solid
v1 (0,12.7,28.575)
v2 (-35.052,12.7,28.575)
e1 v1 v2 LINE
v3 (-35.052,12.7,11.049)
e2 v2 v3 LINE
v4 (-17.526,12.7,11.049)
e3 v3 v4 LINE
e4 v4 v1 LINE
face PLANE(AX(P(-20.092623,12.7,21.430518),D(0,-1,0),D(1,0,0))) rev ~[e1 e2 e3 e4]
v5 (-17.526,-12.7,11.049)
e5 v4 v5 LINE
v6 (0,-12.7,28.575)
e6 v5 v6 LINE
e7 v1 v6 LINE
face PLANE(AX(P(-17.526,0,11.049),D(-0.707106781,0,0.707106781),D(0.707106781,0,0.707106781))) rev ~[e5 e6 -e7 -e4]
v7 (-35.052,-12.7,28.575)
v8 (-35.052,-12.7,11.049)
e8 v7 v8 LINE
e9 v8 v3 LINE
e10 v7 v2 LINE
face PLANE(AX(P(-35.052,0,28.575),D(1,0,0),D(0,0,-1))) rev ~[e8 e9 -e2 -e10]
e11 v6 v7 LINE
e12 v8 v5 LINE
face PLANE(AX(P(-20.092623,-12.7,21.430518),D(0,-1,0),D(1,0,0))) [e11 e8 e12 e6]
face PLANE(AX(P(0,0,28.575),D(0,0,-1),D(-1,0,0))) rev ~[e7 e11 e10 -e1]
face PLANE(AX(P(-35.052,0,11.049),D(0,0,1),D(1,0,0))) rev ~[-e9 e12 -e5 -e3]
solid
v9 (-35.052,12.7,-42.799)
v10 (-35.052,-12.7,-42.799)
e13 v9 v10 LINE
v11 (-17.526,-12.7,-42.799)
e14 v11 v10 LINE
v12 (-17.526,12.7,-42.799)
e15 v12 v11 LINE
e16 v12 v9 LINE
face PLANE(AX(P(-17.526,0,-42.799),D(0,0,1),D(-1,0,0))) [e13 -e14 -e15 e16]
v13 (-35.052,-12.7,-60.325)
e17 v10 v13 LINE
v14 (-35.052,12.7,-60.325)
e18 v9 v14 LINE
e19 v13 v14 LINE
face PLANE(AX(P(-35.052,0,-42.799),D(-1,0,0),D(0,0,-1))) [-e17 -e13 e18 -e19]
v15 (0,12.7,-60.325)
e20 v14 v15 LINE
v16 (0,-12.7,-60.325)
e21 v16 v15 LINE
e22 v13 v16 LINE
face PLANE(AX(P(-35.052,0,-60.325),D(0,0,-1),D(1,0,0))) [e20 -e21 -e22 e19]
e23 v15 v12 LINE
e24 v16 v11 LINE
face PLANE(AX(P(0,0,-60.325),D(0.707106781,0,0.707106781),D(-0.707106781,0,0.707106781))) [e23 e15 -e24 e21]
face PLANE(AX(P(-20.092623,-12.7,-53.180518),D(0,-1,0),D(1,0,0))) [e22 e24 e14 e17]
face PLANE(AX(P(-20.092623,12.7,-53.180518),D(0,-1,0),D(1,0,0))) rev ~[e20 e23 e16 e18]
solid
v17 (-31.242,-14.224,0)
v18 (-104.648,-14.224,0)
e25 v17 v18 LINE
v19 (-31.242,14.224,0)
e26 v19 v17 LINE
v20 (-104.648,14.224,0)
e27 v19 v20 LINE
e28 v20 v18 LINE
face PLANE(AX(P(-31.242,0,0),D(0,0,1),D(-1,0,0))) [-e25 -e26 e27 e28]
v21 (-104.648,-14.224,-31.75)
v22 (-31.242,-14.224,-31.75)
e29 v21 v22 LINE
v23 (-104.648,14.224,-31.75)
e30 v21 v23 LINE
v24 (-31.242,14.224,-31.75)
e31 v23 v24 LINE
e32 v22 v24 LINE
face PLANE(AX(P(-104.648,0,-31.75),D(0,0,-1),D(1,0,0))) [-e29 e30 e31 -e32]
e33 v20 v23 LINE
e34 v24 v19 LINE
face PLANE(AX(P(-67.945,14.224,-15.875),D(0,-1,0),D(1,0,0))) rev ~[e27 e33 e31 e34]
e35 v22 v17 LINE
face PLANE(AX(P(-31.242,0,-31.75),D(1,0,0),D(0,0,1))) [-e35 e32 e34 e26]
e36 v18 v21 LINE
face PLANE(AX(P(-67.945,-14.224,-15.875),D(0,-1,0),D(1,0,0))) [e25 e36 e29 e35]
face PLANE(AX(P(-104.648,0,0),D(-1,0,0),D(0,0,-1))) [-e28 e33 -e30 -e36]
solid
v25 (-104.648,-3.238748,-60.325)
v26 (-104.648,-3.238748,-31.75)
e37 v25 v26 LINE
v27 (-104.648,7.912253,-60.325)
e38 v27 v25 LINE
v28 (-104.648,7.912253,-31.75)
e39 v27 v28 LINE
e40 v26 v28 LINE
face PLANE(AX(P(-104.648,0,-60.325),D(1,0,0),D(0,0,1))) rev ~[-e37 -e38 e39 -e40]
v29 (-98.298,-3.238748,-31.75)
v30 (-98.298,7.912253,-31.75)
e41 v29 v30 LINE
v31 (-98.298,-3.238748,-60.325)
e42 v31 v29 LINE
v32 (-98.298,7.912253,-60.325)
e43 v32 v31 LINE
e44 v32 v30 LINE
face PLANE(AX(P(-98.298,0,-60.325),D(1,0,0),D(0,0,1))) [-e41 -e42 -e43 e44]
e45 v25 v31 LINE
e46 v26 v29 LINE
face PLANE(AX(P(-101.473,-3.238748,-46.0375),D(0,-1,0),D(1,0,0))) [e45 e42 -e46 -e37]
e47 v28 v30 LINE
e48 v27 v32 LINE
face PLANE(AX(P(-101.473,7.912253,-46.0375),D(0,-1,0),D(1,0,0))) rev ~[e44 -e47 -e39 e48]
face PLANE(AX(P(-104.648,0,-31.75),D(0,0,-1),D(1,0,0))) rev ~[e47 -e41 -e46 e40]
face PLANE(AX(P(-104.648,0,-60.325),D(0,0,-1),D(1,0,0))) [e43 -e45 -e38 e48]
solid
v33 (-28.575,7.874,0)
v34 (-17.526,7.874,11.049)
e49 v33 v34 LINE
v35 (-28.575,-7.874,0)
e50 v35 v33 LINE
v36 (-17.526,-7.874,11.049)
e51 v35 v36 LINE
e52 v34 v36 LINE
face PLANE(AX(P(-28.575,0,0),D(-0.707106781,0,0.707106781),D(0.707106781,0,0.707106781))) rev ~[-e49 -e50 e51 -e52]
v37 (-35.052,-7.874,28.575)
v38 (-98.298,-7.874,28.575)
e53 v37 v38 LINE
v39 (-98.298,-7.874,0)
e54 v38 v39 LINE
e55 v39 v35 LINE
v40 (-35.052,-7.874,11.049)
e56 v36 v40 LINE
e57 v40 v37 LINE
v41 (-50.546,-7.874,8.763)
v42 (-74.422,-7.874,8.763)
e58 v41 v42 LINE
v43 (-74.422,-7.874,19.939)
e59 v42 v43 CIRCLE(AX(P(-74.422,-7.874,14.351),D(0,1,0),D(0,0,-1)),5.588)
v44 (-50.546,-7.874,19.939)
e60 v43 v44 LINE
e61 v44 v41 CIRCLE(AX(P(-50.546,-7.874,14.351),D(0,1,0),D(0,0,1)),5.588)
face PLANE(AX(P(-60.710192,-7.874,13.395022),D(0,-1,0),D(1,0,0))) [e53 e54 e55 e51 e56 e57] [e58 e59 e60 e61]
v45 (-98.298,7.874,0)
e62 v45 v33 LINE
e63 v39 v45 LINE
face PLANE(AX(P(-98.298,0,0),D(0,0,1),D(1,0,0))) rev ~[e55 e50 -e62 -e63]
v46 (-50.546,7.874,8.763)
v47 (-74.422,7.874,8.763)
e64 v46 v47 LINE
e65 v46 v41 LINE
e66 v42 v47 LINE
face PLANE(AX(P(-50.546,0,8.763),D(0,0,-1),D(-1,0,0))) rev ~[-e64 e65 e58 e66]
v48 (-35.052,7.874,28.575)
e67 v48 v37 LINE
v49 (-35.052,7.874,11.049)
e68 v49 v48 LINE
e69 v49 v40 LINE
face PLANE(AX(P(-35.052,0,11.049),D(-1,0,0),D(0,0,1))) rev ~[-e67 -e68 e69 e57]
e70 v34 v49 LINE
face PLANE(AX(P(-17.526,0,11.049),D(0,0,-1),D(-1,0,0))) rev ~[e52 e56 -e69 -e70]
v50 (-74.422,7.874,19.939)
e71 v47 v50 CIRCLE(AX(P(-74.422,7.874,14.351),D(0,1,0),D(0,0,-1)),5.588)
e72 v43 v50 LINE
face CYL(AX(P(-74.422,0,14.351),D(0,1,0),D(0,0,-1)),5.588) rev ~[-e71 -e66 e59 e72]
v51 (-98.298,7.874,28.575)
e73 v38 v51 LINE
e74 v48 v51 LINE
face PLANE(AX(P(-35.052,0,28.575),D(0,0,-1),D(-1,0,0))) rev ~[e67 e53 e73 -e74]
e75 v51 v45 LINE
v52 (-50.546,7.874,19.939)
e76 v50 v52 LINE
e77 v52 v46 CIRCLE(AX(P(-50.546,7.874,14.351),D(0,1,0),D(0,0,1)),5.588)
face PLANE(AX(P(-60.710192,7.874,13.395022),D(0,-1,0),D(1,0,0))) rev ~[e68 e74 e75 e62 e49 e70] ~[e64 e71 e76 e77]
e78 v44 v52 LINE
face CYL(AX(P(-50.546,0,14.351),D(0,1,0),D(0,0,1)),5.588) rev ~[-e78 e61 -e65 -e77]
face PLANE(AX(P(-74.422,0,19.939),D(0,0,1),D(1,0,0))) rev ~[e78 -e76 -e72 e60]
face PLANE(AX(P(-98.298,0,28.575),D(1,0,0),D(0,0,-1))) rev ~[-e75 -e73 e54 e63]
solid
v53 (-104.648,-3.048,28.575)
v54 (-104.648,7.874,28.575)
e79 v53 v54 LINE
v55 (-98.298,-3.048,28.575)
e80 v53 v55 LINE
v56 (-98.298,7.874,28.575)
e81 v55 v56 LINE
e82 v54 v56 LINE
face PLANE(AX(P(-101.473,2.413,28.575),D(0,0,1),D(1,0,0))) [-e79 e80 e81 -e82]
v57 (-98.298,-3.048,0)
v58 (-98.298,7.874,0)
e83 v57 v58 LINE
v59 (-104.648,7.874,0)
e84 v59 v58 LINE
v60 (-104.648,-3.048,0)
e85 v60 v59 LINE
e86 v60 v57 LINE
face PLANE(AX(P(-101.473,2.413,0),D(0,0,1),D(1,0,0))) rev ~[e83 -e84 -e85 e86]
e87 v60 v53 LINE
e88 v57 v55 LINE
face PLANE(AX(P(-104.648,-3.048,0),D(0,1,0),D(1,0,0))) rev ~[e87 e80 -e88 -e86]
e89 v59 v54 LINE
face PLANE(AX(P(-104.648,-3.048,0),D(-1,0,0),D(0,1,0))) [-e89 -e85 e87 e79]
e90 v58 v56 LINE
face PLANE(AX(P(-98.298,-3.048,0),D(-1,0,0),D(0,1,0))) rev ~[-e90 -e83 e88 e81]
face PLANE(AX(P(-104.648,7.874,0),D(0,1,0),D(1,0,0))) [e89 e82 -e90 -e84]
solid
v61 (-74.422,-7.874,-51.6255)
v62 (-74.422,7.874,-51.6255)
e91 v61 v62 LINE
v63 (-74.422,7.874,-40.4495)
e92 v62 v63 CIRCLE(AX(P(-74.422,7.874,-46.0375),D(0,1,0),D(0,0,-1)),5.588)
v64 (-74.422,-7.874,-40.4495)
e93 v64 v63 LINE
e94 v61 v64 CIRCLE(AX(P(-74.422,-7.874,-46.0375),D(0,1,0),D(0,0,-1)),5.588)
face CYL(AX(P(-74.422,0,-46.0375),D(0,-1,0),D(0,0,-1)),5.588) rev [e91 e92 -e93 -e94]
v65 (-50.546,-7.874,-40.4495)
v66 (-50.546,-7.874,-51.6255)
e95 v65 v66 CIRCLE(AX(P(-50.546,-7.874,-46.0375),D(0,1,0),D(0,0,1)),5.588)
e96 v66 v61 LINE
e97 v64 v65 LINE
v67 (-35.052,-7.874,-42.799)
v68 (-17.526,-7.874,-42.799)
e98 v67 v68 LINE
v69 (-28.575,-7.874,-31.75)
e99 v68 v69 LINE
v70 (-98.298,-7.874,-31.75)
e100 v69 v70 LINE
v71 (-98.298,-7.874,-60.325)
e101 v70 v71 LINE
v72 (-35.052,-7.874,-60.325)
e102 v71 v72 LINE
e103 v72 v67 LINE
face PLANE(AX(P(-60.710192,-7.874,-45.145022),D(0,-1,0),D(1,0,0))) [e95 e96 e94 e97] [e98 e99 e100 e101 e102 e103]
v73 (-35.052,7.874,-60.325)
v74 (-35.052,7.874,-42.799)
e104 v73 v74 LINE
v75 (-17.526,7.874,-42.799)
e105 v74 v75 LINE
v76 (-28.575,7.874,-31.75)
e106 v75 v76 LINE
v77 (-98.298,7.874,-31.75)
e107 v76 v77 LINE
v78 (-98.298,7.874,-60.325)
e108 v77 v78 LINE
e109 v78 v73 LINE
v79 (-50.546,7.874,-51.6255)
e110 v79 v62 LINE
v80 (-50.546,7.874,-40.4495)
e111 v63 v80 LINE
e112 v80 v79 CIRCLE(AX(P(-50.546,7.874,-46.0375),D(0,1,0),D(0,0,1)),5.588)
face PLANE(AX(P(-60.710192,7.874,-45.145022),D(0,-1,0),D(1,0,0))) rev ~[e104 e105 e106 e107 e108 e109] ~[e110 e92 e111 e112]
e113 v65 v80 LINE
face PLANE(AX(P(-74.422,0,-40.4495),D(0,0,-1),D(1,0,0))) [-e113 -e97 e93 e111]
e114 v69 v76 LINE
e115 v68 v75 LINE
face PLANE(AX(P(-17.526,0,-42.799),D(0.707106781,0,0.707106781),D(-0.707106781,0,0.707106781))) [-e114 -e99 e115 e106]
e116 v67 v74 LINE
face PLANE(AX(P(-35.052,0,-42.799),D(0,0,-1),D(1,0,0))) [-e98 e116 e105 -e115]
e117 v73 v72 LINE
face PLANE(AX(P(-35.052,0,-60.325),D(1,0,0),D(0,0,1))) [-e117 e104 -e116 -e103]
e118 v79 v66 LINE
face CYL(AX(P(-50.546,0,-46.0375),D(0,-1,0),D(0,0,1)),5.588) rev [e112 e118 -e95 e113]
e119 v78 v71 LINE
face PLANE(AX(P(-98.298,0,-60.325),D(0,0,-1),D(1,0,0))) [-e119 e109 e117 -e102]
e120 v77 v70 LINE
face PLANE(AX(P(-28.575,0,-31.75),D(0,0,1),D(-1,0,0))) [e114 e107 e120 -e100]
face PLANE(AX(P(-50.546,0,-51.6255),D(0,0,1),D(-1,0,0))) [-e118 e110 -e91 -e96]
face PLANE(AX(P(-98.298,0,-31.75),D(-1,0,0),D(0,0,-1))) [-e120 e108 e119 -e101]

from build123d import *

# Parameters (mm, degrees)
F1_DEPTH      = 14.224
F2_DEPTH      = 12.7
F3_DEPTH      = 7.874
F4_W          = 6.35
F4_H          = 10.922
F5_DEPTH      = 28.575
F0_W          = 6.35
F0_H          = 28.575
F6_DEPTH      = 3.238748
F6_DEPTH_BACK = 7.912253


with BuildPart() as f1:
    # F0 (on Front) → F1 (new body, symmetric)
    with BuildSketch(Plane.XZ):
        Polygon((-31.242, -31.75), (-31.242, 0), (-98.298, 0), (-104.648, 0), (-104.648, -31.75), (-98.298, -31.75), align=None)
    extrude(amount=F1_DEPTH, both=True)


with BuildPart() as f2:
    # F0 (on Front) → F2 (new body, symmetric)
    with BuildSketch(Plane.XZ):
        Polygon((-35.052, 11.049), (-17.526, 11.049), (0, 28.575), (-35.052, 28.575), align=None)
        Polygon((0, -60.325), (-17.526, -42.799), (-35.052, -42.799), (-35.052, -60.325), align=None)
    extrude(amount=F2_DEPTH, both=True)


with BuildPart() as f3:
    # F0 (on Front) → F3 (new body, symmetric)
    with BuildSketch(Plane.XZ):
        Polygon((-31.242, 0), (-28.575, 0), (-17.526, 11.049), (-35.052, 11.049), (-35.052, 28.575), (-98.298, 28.575), (-98.298, 0), align=None)
        with BuildLine():
            Line((-50.546, 8.763), (-74.422, 8.763))
            ThreePointArc((-74.422, 8.763), (-80.01, 14.351), (-74.422, 19.939))
            Line((-74.422, 19.939), (-50.546, 19.939))
            ThreePointArc((-50.546, 19.939), (-44.958, 14.351), (-50.546, 8.763))
        make_face(mode=Mode.SUBTRACT)
        Polygon((-28.575, -31.75), (-31.242, -31.75), (-98.298, -31.75), (-98.298, -60.325), (-35.052, -60.325), (-35.052, -42.799), (-17.526, -42.799), align=None)
        with BuildLine():
            Line((-50.546, -51.6255), (-74.422, -51.6255))
            ThreePointArc((-74.422, -51.6255), (-80.01, -46.0375), (-74.422, -40.4495))
            Line((-74.422, -40.4495), (-50.546, -40.4495))
            ThreePointArc((-50.546, -40.4495), (-44.958, -46.0375), (-50.546, -51.6255))
        make_face(mode=Mode.SUBTRACT)
    extrude(amount=F3_DEPTH, both=True)


with BuildPart() as f5:
    # F4 (on Top) → F5 (new body)
    with BuildSketch(Plane.XY):
        with Locations((-101.473, 2.413)):
            Rectangle(F4_W, F4_H)
    extrude(amount=F5_DEPTH)


with BuildPart() as f6:
    # F0 (on Front) → F6 (new body, two sides)
    with BuildSketch(Plane.XZ) as f6_sk:
        with Locations((-101.473, -46.0375)):
            Rectangle(F0_W, F0_H)
    extrude(amount=F6_DEPTH)
    extrude(f6_sk.sketch, amount=-F6_DEPTH_BACK)


solid = Compound([f1.part, f2.part, f3.part, f5.part, f6.part])
